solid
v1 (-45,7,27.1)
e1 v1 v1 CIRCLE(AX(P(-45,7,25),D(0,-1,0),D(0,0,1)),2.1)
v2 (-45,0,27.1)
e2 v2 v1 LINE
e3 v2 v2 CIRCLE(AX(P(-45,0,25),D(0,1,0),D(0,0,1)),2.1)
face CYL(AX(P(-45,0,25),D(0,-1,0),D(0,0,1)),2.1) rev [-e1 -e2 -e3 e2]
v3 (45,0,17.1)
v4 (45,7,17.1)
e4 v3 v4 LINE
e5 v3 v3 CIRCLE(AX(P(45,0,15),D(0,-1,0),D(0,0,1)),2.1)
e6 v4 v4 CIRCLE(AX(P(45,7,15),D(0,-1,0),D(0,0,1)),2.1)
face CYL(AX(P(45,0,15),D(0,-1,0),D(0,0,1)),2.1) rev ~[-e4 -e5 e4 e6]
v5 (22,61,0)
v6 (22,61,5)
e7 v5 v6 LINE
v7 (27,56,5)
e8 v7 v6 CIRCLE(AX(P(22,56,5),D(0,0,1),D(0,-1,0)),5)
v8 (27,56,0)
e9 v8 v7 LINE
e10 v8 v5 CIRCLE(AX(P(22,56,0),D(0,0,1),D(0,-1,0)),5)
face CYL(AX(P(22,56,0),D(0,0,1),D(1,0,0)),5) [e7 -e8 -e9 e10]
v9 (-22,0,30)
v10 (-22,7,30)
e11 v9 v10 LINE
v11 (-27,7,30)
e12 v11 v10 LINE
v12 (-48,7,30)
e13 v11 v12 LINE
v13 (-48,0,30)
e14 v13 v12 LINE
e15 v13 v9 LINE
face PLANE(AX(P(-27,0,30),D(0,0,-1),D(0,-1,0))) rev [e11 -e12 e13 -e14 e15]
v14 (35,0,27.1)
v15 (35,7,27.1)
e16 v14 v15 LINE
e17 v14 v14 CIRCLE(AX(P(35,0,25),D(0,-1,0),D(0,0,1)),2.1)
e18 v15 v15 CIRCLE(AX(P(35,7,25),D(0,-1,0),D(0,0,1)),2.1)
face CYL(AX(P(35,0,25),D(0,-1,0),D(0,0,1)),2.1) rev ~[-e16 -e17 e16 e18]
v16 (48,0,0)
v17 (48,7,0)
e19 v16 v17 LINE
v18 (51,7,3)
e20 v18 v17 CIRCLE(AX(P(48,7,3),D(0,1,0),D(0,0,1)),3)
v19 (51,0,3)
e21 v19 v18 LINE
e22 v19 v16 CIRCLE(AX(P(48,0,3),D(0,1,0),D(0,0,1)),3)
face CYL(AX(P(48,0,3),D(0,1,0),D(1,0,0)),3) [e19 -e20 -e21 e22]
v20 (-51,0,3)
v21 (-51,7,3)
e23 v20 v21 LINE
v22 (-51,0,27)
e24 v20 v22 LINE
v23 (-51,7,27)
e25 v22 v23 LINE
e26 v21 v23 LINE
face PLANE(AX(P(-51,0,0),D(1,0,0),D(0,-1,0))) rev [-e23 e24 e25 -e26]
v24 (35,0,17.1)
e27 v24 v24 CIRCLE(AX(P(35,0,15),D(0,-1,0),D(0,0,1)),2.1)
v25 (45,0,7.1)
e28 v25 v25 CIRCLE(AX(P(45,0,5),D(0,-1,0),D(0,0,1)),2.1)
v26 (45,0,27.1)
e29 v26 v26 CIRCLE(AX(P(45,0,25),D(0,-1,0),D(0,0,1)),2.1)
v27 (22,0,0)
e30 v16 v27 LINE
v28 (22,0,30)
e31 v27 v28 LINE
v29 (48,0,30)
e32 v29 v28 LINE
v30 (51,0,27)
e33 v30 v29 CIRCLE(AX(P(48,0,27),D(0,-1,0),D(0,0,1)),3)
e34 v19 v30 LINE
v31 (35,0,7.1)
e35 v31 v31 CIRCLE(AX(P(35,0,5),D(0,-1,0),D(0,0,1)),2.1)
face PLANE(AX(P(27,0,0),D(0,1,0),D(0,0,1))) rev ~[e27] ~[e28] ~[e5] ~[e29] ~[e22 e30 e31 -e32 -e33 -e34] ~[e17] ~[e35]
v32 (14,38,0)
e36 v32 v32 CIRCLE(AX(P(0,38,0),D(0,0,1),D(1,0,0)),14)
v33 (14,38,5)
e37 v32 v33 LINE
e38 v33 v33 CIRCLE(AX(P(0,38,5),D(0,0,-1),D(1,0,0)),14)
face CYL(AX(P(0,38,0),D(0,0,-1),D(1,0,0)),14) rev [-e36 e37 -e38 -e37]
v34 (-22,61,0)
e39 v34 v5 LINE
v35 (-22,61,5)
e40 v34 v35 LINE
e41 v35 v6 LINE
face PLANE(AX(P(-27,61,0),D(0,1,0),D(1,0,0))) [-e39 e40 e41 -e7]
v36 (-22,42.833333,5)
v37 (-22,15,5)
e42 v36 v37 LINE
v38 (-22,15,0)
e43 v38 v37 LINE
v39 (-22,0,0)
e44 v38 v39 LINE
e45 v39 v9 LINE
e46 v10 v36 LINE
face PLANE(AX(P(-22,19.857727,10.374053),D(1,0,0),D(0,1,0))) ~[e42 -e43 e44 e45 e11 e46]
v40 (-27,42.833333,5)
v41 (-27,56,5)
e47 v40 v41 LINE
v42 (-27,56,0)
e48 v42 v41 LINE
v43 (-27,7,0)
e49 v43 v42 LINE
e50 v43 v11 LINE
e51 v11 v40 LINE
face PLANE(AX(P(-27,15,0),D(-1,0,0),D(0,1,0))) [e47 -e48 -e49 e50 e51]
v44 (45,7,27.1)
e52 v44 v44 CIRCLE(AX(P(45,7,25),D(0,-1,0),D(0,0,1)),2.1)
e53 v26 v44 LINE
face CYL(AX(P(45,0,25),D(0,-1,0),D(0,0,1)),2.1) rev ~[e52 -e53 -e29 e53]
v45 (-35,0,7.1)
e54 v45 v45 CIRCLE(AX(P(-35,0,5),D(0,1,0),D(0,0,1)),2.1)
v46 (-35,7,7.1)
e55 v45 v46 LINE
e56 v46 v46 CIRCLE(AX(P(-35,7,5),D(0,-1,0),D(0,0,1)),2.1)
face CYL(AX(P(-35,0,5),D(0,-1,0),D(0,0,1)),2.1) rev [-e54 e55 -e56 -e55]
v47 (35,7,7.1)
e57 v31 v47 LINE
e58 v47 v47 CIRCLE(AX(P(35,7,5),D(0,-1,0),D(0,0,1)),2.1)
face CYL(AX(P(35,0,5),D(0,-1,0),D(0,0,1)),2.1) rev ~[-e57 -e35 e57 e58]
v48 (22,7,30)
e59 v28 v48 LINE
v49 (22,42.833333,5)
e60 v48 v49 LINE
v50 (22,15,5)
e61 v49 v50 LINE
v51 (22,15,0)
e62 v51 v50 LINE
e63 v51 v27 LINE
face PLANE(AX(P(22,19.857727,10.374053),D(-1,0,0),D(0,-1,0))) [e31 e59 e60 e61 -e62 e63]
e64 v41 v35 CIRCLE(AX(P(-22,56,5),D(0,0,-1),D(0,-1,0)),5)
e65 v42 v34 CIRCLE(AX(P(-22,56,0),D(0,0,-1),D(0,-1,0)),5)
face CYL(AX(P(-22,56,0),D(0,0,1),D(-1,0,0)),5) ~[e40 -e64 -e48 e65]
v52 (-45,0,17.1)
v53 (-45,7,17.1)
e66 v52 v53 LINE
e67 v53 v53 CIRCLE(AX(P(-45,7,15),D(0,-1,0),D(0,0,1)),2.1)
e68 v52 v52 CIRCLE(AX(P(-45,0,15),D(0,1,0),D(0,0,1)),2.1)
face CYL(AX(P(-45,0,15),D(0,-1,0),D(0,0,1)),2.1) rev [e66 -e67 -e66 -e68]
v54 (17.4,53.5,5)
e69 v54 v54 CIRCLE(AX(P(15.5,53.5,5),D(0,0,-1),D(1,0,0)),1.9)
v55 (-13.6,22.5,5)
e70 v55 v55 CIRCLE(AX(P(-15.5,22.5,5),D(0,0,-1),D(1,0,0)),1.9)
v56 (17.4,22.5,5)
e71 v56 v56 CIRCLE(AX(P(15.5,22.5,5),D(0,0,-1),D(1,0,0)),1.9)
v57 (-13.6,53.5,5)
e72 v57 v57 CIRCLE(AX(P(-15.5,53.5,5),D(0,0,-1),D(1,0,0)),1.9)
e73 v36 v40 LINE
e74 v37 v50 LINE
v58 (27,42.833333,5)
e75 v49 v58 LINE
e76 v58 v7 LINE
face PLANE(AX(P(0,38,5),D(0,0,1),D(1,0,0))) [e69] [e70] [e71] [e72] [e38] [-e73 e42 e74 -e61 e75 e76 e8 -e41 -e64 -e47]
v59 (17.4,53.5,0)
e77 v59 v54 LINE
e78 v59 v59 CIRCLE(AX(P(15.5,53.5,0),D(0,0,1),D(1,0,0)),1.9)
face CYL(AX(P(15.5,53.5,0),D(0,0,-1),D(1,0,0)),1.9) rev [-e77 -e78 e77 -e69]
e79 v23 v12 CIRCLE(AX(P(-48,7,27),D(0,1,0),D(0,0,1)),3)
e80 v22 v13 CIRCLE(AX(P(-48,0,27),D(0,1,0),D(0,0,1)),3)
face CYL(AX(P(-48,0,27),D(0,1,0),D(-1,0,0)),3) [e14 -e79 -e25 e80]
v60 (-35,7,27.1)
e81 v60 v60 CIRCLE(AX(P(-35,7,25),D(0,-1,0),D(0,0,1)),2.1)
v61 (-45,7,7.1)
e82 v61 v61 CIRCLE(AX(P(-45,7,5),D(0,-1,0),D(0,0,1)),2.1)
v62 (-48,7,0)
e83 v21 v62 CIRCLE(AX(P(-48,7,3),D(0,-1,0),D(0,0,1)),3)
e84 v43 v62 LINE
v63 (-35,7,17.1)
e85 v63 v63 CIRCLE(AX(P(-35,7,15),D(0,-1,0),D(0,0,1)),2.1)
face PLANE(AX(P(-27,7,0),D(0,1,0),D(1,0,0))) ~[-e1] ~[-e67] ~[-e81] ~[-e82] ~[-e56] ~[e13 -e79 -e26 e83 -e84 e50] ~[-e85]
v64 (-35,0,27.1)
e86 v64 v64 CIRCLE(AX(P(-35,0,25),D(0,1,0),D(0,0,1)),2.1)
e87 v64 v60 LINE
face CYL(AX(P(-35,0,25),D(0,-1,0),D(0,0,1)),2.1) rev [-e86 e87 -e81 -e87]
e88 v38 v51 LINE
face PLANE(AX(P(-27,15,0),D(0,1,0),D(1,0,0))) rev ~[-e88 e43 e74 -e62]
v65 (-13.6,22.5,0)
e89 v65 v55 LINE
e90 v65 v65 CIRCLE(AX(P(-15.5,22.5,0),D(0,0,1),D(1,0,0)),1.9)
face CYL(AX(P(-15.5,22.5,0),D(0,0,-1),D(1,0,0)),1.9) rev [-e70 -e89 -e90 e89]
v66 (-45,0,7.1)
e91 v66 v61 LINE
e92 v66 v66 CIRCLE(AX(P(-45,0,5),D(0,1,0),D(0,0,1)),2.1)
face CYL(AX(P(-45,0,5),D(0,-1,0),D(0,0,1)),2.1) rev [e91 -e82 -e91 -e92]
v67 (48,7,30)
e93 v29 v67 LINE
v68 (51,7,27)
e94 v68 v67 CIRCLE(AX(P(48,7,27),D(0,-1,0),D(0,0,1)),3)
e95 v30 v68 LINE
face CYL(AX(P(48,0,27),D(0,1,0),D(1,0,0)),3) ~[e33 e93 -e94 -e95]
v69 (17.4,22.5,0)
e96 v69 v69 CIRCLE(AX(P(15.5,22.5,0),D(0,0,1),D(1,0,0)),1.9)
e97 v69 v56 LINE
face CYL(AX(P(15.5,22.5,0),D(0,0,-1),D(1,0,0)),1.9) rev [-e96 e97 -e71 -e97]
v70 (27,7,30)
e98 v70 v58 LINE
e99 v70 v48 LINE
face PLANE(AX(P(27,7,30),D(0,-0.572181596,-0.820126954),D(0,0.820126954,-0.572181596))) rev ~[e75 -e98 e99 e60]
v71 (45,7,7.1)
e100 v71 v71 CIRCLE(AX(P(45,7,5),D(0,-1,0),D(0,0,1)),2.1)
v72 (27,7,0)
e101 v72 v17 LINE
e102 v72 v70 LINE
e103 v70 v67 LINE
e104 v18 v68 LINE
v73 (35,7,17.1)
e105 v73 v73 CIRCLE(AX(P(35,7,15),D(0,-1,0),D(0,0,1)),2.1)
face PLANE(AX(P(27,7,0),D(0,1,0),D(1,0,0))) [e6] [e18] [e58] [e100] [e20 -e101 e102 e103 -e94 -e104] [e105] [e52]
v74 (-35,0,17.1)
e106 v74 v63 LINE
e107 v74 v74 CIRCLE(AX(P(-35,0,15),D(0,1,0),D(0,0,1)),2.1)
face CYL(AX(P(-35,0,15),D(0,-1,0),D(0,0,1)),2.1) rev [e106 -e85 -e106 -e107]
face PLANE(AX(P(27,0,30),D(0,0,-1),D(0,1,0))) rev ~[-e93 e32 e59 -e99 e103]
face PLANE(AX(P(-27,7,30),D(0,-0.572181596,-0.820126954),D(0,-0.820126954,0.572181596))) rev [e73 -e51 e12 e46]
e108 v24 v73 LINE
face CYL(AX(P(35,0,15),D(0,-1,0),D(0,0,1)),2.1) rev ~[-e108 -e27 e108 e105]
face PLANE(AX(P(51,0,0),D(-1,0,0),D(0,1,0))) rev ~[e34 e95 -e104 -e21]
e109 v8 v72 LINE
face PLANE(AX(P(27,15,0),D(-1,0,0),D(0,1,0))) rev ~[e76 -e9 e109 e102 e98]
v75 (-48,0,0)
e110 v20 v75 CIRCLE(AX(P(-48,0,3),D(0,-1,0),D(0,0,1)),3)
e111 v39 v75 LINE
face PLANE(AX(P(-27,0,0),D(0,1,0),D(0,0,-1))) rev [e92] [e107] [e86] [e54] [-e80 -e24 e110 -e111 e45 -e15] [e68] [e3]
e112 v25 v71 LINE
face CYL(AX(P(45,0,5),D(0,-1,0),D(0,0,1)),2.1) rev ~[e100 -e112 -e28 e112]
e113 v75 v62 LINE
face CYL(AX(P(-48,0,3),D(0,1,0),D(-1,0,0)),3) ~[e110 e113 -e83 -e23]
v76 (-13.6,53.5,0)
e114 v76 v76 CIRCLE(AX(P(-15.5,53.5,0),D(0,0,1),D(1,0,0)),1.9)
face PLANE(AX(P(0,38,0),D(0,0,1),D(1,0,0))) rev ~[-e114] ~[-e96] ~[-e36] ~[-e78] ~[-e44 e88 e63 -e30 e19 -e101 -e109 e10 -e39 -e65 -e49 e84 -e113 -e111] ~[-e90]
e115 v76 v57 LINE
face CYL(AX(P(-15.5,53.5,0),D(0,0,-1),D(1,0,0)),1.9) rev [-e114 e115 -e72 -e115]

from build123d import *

# Parameters (mm, degrees)
CYLINDER006_R        = 1.9
CYLINDER006_DEPTH    = 10
ARRAY_X_COUNT        = 2
ARRAY_X_PITCH        = 31
ARRAY_Y_COUNT        = 2
ARRAY_Y_PITCH        = 31
CYLINDER009_R        = 2.1
CYLINDER009_DEPTH    = 10
ARRAY002_X_COUNT     = 3
ARRAY002_X_PITCH     = 10
ARRAY002_Y_COUNT     = 2
ARRAY002_Y_PITCH     = 10
BODY_PITCH_ANGLE     = -90
BODY_PLACEMENT_ANGLE = -90
CYLINDER005_R        = 14
CYLINDER005_DEPTH    = 20
PAD_DEPTH            = 5
BOX004_W             = 24
BOX004_H             = 7
BOX004_DEPTH         = 30
FILLET004_R          = 3
BOX003_W             = 54
BOX003_H             = 46
BOX003_DEPTH         = 5
FILLET001_R          = 5


with BuildPart() as stepper_bolt_hole_array:
    # Cylinder006 → Cylinder006 (new body)
    with BuildSketch(Plane(origin=(0, 38, 0), x_dir=(1, 0, 0), z_dir=(0, 0, 1))):
        Circle(CYLINDER006_R)
    extrude(amount=CYLINDER006_DEPTH)

    # Array X: stepper bolt hole array ×2


with BuildPart() as stepper_bolt_hole_array_1:
    add(stepper_bolt_hole_array.part)
    with Locations(*[(i * ARRAY_X_PITCH, 0, 0) for i in range(1, ARRAY_X_COUNT)]):
        add(stepper_bolt_hole_array.part)

    # Array Y: stepper bolt hole array ×2


with BuildPart() as stepper_bolt_hole_array_2:
    add(stepper_bolt_hole_array_1.part)
    with Locations(*[(0, i * ARRAY_Y_PITCH, 0) for i in range(1, ARRAY_Y_COUNT)]):
        add(stepper_bolt_hole_array_1.part)


with BuildPart() as stepper_bolt_hole_array_3:
    # Array placement: moved
    add(stepper_bolt_hole_array_2.part.moved(Location((-15.5, -15.5, 0))))


with BuildPart() as holdert_hole_clone:
    # Cylinder009 → Cylinder009 (new body)
    with BuildSketch(Plane.XY):
        Circle(CYLINDER009_R)
    extrude(amount=CYLINDER009_DEPTH)

    # Array002 X: holdert hole clone ×3


with BuildPart() as holdert_hole_clone_1:
    add(holdert_hole_clone.part)
    with Locations(*[(i * ARRAY002_X_PITCH, 0, 0) for i in range(1, ARRAY002_X_COUNT)]):
        add(holdert_hole_clone.part)

    # Array002 Y: holdert hole clone ×2


with BuildPart() as holdert_hole_clone_2:
    add(holdert_hole_clone_1.part)
    with Locations(*[(0, i * ARRAY002_Y_PITCH, 0) for i in range(1, ARRAY002_Y_COUNT)]):
        add(holdert_hole_clone_1.part)


with BuildPart() as holdert_hole_clone_3:
    # Body pitch: moved
    add(holdert_hole_clone_2.part.rotate(Axis((0, 0, 0), (0, 1, 0)), BODY_PITCH_ANGLE))


with BuildPart() as holdert_hole_clone_4:
    # Body placement: moved
    add(holdert_hole_clone_3.part.moved(Location((-45, 0, 5))).rotate(Axis((-45, 0, 5), (0, 0, 1)), BODY_PLACEMENT_ANGLE))


with BuildPart() as part_mirroring005:
    # Part__Mirroring005: instance of holdert hole clone
    add(holdert_hole_clone_4.part.mirror(Plane(origin=(0, 0, 0), x_dir=(0, -1, 0), z_dir=(1, 0, 0))))


with BuildPart() as stepper_wall_extract_fusion:
    # Cylinder005 → Cylinder005 (new body)
    with BuildSketch(Plane(origin=(0, 38, 0), x_dir=(1, 0, 0), z_dir=(0, 0, 1))):
        Circle(CYLINDER005_R)
    extrude(amount=CYLINDER005_DEPTH)

    # Fusion006: union stepper bolt hole array, Part__Mirroring005, holdert hole clone
    add(stepper_bolt_hole_array_3.part)
    add(part_mirroring005.part)
    add(holdert_hole_clone_4.part)


with BuildPart() as side_body:
    # Sketch → Pad (new body)
    with BuildSketch(Plane.YZ):
        Polygon((50, 0), (0, 0), (0, 30), (7, 30), align=None)
    extrude(amount=-PAD_DEPTH)


with BuildPart() as side_body_1:
    # Body001 placement: moved
    add(side_body.part.moved(Location((27, 0, 0))))


with BuildPart() as side_body_fusion:
    # Part__Mirroring002: instance of side body
    add(side_body_1.part.mirror(Plane(origin=(0, 0, 0), x_dir=(0, -1, 0), z_dir=(1, 0, 0))))

    # Fusion009: union side body
    add(side_body_1.part)


with BuildPart() as stepper_top_wall_fillet:
    # Box004 → Box004 (new body)
    with BuildSketch(Plane(origin=(27, 0, 0), x_dir=(1, 0, 0), z_dir=(0, 0, 1))):
        with Locations((12, 3.5)):
            Rectangle(BOX004_W, BOX004_H)
    extrude(amount=BOX004_DEPTH)

    # Fillet004
    fillet004_edges = [stepper_top_wall_fillet.edges().sort_by_distance(p)[0] for p in [
        (51, 3.5, 30),
        (51, 3.5, 0),
    ]]
    fillet(fillet004_edges, radius=FILLET004_R)


with BuildPart() as part_mirroring003:
    # Part__Mirroring003: instance of stepper top wall fillet
    add(stepper_top_wall_fillet.part.mirror(Plane(origin=(0, 0, 0), x_dir=(0, -1, 0), z_dir=(1, 0, 0))))


with BuildPart() as stepper_holder_cut:
    # Box003 → Box003 (new body)
    with BuildSketch(Plane(origin=(-27, 15, 0), x_dir=(1, 0, 0), z_dir=(0, 0, 1))):
        with Locations((27, 23)):
            Rectangle(BOX003_W, BOX003_H)
    extrude(amount=BOX003_DEPTH)

    # Fillet001
    fillet001_edges = [stepper_holder_cut.edges().sort_by_distance(p)[0] for p in [
        (-27, 61, 2.5),
        (27, 61, 2.5),
    ]]
    fillet(fillet001_edges, radius=FILLET001_R)

    # Fusion007: union stepper top wall fillet, Part__Mirroring003
    add(stepper_top_wall_fillet.part)
    add(part_mirroring003.part)

    # Fusion010: union side body fusion
    add(side_body_fusion.part)

    # Cut004002: cut stepper wall extract fusion
    add(stepper_wall_extract_fusion.part, mode=Mode.SUBTRACT)


solid = stepper_holder_cut.part
